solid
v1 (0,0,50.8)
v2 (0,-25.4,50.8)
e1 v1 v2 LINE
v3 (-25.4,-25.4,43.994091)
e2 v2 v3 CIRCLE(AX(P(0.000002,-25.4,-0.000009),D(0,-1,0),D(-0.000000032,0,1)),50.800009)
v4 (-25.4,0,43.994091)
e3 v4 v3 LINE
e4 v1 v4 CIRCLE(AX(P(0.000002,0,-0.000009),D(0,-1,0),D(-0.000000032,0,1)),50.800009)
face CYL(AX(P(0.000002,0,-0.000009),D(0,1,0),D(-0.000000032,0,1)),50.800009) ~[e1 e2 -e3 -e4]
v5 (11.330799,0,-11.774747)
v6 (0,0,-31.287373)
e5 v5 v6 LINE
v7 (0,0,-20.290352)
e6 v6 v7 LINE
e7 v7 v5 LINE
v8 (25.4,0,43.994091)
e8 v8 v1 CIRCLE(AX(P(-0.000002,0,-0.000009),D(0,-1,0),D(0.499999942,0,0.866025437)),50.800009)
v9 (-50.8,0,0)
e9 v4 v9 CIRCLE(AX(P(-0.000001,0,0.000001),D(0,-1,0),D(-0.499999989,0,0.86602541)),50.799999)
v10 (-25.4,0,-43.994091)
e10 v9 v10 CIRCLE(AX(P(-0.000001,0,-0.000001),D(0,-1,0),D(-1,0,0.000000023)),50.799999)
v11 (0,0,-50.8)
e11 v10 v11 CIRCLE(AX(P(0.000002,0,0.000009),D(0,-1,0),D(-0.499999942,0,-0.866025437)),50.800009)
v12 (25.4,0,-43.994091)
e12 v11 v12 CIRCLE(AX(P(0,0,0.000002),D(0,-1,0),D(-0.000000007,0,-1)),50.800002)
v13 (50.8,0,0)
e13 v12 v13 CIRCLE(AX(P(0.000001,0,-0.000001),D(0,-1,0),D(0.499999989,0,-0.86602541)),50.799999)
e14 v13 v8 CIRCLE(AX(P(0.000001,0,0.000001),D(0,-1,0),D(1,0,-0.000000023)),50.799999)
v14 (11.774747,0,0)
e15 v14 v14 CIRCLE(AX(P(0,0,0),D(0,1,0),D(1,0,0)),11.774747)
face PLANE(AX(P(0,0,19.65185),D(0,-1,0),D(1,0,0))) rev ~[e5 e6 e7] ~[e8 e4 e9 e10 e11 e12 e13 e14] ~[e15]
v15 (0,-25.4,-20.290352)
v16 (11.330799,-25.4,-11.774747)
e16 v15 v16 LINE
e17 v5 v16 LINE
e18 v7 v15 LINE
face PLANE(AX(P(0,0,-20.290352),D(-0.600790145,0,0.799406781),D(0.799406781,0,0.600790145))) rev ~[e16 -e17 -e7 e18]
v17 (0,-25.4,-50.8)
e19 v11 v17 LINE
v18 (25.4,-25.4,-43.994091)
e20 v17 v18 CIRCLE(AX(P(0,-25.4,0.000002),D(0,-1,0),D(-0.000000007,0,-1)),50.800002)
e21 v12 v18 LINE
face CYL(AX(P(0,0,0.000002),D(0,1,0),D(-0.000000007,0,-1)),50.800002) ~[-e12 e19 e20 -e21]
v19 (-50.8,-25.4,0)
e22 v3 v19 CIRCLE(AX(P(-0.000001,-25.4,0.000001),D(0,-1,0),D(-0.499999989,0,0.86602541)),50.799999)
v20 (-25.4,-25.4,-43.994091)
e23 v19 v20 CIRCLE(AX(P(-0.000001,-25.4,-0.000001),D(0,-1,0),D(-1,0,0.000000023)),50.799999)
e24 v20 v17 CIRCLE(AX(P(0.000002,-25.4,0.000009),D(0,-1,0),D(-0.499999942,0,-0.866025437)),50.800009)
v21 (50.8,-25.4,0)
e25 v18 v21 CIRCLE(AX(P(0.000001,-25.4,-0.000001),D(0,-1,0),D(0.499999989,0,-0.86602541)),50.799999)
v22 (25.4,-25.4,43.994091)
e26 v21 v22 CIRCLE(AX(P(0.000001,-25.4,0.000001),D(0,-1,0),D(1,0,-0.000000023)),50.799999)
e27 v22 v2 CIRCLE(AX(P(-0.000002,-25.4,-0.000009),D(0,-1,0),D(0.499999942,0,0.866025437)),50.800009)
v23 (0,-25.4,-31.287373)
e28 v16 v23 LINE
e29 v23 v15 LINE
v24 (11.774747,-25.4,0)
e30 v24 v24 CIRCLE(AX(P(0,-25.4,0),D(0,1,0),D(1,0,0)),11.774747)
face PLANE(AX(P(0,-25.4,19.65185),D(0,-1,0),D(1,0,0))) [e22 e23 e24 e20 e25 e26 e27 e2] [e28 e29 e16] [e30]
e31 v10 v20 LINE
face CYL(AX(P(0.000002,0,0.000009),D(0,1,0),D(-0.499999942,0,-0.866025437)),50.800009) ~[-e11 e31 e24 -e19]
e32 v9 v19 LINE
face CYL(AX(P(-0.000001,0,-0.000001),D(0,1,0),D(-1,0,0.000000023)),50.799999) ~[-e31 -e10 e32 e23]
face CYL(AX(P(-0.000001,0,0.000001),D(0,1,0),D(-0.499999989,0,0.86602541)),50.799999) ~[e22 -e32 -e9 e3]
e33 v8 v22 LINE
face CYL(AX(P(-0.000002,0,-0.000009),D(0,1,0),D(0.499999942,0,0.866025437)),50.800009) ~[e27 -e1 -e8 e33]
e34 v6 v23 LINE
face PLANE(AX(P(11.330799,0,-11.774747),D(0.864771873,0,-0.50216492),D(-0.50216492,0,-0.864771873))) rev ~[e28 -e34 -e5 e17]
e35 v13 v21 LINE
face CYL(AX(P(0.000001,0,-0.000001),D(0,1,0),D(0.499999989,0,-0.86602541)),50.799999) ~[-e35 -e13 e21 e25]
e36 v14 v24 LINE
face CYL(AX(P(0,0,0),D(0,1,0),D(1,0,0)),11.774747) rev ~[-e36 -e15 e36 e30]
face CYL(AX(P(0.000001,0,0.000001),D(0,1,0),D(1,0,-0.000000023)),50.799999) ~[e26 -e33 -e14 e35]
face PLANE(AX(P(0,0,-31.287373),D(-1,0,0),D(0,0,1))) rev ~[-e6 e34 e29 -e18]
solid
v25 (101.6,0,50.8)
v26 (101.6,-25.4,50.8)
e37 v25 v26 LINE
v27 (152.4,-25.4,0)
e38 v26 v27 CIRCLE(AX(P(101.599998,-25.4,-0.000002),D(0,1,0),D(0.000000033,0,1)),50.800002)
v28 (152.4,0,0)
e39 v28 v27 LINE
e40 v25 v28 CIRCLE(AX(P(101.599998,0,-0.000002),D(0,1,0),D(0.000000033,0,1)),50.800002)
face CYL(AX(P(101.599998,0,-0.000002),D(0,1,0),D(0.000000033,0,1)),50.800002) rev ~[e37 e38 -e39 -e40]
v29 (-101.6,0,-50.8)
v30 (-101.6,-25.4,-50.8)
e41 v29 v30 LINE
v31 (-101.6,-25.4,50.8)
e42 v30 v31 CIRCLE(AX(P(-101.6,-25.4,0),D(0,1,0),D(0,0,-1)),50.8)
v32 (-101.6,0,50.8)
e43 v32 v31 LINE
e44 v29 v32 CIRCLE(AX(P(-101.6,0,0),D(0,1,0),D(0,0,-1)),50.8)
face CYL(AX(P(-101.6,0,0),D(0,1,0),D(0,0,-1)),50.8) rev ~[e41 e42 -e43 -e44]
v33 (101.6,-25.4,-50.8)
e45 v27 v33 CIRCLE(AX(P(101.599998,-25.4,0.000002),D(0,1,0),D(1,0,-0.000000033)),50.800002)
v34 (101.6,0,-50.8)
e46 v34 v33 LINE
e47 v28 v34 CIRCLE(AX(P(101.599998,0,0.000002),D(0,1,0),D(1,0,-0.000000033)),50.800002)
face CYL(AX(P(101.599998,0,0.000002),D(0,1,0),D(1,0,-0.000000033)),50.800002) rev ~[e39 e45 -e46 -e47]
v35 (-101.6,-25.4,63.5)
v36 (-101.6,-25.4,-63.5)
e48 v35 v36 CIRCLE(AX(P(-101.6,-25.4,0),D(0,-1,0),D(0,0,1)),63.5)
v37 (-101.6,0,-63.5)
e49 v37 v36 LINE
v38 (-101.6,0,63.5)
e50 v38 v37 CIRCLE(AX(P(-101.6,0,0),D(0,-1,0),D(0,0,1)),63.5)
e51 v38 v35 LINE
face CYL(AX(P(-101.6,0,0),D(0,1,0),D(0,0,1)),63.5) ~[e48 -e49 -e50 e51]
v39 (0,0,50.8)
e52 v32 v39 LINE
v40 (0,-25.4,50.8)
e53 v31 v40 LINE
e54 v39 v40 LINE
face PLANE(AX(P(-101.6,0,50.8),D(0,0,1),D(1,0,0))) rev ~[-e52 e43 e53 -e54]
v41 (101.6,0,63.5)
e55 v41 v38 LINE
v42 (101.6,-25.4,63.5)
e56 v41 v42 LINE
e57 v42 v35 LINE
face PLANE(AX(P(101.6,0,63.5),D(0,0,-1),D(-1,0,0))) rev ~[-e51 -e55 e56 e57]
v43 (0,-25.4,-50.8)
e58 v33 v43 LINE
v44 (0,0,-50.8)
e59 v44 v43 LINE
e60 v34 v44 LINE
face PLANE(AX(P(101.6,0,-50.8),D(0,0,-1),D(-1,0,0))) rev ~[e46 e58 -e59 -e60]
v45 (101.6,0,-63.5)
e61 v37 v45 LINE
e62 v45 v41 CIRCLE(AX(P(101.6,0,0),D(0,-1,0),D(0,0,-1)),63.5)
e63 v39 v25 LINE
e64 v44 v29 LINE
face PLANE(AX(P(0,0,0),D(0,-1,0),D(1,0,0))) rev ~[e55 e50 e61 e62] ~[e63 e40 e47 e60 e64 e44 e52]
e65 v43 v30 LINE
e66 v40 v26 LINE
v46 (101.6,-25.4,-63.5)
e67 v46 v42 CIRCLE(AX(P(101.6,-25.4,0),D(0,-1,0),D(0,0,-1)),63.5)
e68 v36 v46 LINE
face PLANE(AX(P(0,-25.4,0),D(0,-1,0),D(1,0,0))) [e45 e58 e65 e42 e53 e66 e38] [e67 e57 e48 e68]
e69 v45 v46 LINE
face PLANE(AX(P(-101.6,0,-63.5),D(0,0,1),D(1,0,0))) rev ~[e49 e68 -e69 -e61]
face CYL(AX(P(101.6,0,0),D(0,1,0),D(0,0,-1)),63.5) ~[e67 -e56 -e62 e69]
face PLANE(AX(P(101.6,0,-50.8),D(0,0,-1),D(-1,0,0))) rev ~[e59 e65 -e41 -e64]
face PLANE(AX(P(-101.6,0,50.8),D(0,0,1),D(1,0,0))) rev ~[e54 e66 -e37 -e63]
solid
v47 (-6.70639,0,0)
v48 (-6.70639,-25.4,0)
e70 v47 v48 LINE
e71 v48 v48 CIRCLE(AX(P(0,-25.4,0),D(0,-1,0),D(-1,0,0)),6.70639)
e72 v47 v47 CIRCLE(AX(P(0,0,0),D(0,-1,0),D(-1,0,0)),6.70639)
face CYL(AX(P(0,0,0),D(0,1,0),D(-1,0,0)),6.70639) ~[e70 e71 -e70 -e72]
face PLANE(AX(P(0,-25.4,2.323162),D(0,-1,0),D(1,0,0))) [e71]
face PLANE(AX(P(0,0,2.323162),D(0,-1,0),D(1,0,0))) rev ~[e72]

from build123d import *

# Parameters (mm, degrees)
F1_DEPTH = 25.4
F2_DEPTH = 25.4
F3_DEPTH = 25.4


with BuildPart() as f1:
    # F0 (on Front) → F1 (new body)
    with BuildSketch(Plane.XZ):
        with BuildLine():
            Line((11.774747, 0), (50.8, 0))
            ThreePointArc((50.8, 0), (43.994091, 25.4), (25.4, 43.994091))
            ThreePointArc((25.4, 43.994091), (13.148007, 49.069032), (0, 50.8))
            ThreePointArc((0, 50.8), (-13.148007, 49.069032), (-25.4, 43.994091))
            ThreePointArc((-25.4, 43.994091), (-43.994091, 25.4), (-50.8, 0))
            Line((-50.8, 0), (-11.774747, 0))
            ThreePointArc((-11.774747, 0), (0, 11.774747), (11.774747, 0))
        make_face()
        with BuildLine():
            ThreePointArc((25.4, -43.994091), (43.994091, -25.4), (50.8, 0))
            Line((50.8, 0), (11.774747, 0))
            ThreePointArc((11.774747, 0), (0, -11.774747), (-11.774747, 0))
            Line((-11.774747, 0), (-50.8, 0))
            ThreePointArc((-50.8, 0), (-43.994091, -25.4), (-25.4, -43.994091))
            ThreePointArc((-25.4, -43.994091), (-13.148007, -49.069032), (0, -50.8))
            ThreePointArc((0, -50.8), (13.148008, -49.069032), (25.4, -43.994091))
        make_face()
        Polygon((11.330799, -11.774747), (0, -31.287373), (0, -20.290352), align=None, mode=Mode.SUBTRACT)
    extrude(amount=F1_DEPTH)

    # F0 (on Front) → F2 (join)
    with BuildSketch(Plane.XZ):
        with BuildLine():
            Line((101.6, 63.5), (-101.6, 63.5))
            ThreePointArc((-101.6, 63.5), (-165.1, 0), (-101.6, -63.5))
            Line((-101.6, -63.5), (101.6, -63.5))
            ThreePointArc((101.6, -63.5), (165.1, 0), (101.6, 63.5))
        make_face()
        with BuildLine():
            Line((-101.6, 50.8), (0, 50.8))
            Line((0, 50.8), (101.6, 50.8))
            ThreePointArc((101.6, 50.8), (137.521024, 35.921024), (152.4, 0))
            ThreePointArc((152.4, 0), (137.521024, -35.921024), (101.6, -50.8))
            Line((101.6, -50.8), (0, -50.8))
            Line((0, -50.8), (-101.6, -50.8))
            ThreePointArc((-101.6, -50.8), (-152.4, 0), (-101.6, 50.8))
        make_face(mode=Mode.SUBTRACT)
    extrude(amount=F2_DEPTH)


with BuildPart() as f3:
    # F0 (on Front) → F3 (new body)
    with BuildSketch(Plane.XZ):
        with BuildLine():
            Line((0, 0), (6.70639, 0))
            ThreePointArc((6.70639, 0), (0, 6.70639), (-6.70639, 0))
            Line((-6.70639, 0), (0, 0))
        make_face()
        with BuildLine():
            ThreePointArc((-6.70639, 0), (0, -6.70639), (6.70639, 0))
            Line((6.70639, 0), (0, 0))
            Line((0, 0), (-6.70639, 0))
        make_face()
    extrude(amount=F3_DEPTH)


solid = Compound([f1.part, f3.part])
